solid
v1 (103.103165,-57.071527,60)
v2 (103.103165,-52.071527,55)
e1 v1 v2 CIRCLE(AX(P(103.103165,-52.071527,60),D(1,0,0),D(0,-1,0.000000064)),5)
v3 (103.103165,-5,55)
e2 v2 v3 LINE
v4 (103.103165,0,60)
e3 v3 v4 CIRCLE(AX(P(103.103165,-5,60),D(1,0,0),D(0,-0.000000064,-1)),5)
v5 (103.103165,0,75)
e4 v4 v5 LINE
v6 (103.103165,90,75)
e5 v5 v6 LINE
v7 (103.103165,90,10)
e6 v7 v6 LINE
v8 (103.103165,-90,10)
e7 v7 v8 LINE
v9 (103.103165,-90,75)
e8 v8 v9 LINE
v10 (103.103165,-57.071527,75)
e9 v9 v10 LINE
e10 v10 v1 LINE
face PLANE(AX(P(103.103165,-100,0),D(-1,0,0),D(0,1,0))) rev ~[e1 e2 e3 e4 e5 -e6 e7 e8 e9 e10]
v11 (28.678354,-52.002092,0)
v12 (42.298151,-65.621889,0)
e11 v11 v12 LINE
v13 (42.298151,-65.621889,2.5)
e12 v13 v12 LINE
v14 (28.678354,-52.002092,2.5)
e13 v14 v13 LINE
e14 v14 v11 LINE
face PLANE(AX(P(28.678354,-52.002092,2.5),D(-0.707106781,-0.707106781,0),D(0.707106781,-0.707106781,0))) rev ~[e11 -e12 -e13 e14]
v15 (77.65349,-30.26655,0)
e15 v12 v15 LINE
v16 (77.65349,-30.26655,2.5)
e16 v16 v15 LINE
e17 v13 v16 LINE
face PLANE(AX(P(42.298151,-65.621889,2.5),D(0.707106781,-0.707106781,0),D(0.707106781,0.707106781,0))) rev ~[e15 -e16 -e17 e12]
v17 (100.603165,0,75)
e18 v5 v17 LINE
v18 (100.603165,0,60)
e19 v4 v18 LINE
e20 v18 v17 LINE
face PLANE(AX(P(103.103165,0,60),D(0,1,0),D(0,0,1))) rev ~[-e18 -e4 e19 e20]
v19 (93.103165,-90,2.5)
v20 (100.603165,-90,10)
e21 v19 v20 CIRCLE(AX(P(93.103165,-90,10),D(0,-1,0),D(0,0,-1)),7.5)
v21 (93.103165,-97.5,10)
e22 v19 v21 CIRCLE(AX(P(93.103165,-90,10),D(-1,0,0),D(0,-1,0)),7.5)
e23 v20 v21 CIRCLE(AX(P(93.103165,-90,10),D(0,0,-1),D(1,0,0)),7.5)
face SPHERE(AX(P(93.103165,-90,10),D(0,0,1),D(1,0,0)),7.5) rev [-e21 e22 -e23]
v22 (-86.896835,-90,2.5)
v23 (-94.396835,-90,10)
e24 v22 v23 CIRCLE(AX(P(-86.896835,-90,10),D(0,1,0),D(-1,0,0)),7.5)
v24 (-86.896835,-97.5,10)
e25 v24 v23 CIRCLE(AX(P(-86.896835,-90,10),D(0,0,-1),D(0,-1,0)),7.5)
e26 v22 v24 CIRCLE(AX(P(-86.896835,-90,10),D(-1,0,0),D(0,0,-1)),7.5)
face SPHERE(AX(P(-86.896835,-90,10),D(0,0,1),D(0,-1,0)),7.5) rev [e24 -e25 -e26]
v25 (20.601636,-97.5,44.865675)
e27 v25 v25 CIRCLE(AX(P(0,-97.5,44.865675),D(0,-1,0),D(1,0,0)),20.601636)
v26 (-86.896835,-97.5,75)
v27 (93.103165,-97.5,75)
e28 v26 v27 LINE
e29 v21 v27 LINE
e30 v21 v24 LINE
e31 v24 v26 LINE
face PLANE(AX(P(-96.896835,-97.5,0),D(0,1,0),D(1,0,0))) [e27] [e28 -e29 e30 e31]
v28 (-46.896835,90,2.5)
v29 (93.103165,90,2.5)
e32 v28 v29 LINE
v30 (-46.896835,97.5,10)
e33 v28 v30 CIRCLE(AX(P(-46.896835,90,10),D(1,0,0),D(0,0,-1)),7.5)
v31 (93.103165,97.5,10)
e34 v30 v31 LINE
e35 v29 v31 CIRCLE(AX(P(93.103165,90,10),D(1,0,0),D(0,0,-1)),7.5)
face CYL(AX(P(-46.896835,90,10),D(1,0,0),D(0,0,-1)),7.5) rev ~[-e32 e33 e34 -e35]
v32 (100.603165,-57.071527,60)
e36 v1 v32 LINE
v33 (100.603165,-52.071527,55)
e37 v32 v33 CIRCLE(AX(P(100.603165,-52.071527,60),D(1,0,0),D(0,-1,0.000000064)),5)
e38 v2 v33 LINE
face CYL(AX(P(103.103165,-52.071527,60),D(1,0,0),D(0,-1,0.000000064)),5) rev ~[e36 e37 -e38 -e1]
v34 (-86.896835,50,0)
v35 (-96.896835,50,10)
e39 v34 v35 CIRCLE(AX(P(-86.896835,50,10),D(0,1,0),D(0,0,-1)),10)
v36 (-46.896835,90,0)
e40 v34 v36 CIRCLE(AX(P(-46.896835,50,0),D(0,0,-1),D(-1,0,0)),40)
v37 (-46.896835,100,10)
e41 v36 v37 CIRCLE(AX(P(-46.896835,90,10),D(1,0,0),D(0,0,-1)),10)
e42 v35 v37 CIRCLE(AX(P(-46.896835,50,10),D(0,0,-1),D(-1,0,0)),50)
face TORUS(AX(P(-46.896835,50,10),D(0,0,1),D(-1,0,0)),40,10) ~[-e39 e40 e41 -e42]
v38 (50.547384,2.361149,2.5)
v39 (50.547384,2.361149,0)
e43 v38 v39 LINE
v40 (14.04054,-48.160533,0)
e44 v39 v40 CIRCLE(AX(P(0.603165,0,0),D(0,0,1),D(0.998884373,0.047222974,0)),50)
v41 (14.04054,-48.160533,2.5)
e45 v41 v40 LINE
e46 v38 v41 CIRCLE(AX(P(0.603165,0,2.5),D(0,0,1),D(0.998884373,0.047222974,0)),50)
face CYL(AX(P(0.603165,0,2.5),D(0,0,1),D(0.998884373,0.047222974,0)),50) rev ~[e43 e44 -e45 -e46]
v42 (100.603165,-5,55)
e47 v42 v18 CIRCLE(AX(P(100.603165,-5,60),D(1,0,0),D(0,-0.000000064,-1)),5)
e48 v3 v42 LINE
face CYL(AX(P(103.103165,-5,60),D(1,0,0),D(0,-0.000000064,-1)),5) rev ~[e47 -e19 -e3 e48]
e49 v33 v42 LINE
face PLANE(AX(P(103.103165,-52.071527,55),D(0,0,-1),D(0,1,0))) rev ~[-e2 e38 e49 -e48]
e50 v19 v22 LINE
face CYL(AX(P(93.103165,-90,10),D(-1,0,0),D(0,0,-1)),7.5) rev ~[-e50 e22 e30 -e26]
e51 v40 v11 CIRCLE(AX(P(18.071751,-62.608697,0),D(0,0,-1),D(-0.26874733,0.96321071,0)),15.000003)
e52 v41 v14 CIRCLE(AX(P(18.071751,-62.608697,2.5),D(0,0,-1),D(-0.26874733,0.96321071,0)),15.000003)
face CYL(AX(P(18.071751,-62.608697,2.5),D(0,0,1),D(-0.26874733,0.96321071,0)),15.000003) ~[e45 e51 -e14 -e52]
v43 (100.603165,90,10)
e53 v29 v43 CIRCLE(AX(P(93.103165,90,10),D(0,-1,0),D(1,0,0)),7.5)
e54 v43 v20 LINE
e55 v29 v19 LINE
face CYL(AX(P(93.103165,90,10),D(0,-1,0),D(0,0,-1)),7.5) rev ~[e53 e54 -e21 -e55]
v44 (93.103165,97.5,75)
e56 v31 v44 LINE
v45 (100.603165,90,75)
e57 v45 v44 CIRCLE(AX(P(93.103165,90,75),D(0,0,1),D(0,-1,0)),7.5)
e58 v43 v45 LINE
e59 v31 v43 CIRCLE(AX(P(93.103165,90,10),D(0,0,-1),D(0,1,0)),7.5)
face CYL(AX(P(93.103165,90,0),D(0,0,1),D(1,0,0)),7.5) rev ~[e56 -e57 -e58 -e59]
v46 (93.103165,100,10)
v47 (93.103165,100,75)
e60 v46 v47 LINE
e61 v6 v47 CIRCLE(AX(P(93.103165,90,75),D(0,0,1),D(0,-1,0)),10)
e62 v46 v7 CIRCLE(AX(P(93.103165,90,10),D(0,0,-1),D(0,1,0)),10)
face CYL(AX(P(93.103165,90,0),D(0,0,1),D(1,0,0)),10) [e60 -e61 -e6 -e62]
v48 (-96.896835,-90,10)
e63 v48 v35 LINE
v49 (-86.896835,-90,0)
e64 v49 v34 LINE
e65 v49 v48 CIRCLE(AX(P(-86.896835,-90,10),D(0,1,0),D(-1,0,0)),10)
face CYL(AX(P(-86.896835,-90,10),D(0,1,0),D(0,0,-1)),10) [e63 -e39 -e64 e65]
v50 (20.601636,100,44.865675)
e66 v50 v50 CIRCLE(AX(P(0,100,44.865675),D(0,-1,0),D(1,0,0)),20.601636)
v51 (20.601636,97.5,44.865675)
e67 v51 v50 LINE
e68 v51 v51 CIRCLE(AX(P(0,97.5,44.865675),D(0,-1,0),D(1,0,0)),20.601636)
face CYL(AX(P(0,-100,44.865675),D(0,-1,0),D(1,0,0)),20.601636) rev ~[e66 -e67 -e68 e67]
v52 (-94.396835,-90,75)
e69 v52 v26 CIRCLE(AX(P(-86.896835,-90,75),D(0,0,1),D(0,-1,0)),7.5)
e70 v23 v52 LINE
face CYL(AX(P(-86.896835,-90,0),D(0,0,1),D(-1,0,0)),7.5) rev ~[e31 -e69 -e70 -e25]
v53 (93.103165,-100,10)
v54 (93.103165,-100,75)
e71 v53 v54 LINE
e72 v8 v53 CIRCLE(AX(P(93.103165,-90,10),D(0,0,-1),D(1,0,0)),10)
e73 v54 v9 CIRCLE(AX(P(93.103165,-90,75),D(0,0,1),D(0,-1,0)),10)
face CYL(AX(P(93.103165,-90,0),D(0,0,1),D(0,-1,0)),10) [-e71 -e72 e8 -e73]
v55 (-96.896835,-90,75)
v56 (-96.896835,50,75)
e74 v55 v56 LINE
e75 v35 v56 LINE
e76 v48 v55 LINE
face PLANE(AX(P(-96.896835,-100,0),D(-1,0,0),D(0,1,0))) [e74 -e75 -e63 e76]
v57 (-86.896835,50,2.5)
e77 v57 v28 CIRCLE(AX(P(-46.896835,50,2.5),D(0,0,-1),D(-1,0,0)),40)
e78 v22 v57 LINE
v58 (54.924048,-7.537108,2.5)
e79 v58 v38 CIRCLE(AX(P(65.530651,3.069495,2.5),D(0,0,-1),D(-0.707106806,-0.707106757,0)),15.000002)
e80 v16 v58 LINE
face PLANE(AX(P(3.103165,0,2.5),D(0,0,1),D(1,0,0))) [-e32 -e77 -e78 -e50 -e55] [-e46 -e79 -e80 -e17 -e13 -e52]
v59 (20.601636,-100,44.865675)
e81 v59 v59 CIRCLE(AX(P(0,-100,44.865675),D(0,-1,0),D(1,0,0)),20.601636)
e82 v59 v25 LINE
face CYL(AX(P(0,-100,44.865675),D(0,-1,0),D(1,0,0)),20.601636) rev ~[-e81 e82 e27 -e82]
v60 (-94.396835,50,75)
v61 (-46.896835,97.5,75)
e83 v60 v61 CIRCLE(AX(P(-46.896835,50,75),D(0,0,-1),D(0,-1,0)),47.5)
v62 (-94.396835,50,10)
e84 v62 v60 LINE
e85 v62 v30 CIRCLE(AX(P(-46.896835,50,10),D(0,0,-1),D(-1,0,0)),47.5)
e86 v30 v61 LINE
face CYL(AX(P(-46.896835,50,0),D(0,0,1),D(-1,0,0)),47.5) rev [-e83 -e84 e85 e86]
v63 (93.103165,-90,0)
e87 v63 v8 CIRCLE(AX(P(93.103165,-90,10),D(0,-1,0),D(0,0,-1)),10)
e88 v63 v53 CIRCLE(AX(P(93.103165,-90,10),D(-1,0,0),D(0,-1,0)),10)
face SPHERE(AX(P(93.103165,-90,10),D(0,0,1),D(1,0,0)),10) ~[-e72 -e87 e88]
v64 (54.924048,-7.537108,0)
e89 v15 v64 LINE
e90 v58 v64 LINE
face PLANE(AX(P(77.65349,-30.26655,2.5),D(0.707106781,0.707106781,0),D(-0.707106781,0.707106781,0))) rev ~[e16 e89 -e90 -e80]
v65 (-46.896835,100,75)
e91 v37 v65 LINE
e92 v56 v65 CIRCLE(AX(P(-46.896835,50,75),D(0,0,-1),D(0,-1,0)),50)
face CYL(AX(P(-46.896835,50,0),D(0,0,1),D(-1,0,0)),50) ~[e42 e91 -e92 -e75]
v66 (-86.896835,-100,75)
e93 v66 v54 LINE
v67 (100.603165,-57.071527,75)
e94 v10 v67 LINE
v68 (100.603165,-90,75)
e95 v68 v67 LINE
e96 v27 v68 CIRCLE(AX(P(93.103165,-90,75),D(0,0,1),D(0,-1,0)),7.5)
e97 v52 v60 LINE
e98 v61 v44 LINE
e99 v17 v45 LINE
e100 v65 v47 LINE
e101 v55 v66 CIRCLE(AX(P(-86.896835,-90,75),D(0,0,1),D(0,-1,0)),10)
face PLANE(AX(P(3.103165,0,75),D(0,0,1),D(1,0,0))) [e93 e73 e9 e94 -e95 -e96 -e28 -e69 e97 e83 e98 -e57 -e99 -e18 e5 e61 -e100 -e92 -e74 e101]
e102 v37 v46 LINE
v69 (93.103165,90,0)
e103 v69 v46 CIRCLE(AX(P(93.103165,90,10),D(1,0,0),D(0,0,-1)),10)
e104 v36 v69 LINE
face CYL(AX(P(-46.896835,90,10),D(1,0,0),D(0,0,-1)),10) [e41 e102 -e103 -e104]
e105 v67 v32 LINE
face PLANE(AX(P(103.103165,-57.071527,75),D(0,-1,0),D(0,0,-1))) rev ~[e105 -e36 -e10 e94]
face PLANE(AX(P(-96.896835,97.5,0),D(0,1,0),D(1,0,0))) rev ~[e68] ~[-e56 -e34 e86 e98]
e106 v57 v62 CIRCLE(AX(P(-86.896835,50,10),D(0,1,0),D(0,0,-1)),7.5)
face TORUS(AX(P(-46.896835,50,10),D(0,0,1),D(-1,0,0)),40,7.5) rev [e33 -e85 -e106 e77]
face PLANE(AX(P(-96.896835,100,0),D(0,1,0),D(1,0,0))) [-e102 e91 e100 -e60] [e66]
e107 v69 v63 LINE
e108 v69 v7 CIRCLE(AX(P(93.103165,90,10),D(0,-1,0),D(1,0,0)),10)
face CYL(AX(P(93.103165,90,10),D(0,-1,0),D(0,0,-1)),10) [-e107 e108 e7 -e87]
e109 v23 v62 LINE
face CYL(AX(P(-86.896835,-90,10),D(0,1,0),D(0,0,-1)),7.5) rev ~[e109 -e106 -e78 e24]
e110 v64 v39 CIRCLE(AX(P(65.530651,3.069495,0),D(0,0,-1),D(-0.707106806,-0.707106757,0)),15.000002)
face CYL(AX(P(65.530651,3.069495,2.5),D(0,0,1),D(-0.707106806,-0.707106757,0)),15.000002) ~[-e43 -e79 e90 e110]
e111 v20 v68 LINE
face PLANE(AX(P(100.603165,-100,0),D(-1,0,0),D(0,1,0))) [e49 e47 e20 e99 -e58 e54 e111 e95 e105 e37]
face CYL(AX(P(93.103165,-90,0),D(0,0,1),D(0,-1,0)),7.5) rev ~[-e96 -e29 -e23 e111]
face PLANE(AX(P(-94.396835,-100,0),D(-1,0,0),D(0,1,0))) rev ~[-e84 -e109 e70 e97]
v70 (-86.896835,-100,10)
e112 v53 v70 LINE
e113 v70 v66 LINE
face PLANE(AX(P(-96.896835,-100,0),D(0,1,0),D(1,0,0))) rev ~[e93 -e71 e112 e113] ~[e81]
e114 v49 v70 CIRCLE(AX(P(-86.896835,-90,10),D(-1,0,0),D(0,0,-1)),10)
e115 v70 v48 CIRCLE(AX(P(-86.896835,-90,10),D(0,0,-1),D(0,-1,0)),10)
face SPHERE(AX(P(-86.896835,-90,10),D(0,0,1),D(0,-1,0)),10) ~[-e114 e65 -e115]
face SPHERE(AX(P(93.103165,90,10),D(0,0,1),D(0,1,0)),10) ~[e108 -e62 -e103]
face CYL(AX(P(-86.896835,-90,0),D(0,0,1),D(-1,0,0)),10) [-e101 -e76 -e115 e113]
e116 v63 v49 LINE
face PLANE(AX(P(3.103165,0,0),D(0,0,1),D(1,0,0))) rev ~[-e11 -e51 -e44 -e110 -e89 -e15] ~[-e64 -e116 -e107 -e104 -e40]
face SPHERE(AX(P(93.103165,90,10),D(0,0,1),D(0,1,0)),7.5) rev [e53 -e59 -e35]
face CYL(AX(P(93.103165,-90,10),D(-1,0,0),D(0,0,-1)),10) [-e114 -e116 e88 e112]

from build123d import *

# Parameters (mm, degrees)
F0_W      = 200
F0_H      = 200
F1_DEPTH  = 75
F2_R      = 10
F3_R      = 50
F4_R      = 10
F5_T      = -2.5
F6_R      = 20.601636
F7_DEPTH  = 200.001
F9_DEPTH  = 2.5
F11_DEPTH = 2.5


with BuildPart() as f1:
    # F0 (on Top) → F1 (new body)
    with BuildSketch(Plane.XY):
        with Locations((3.103165, 0)):
            Rectangle(F0_W, F0_H)
    extrude(amount=F1_DEPTH)

    # F2
    f2_edges = [f1.edges().sort_by_distance(p)[0] for p in [
        (-96.896835, -100, 37.5),
        (103.103165, -100, 37.5),
        (103.103165, 100, 37.5),
    ]]
    fillet(f2_edges, radius=F2_R)

    # F3
    f3_edges = [f1.edges().sort_by_distance(p)[0] for p in [
        (-96.896835, 100, 37.5),
    ]]
    fillet(f3_edges, radius=F3_R)

    # F4
    f4_edges = [f1.edges().sort_by_distance(p)[0] for p in [
        (23.103165, 100, 0),
    ]]
    fillet(f4_edges, radius=F4_R)

    # F5
    f5_openings = [f1.faces().sort_by_distance(p)[0] for p in [
        (4.259549, -1.156383, 75),
    ]]
    offset(amount=F5_T, openings=f5_openings)

    # F6 (on face) → F7 (cut, through all)
    with BuildSketch(Plane.XZ.offset(100)):
        with Locations((0, 44.865675)):
            Circle(F6_R)
    extrude(amount=-F7_DEPTH, mode=Mode.SUBTRACT)

    # F8 (on face) → F9 (cut, through all)
    with BuildSketch(Plane.XY.offset(2.5)):
        with BuildLine():
            ThreePointArc((54.924048, -7.537108), (51.811896, -2.99646), (50.547384, 2.361149))
            ThreePointArc((50.547384, 2.361149), (-39.923575, 29.284524), (14.04054, -48.160533))
            ThreePointArc((14.04054, -48.160533), (21.879419, -48.100018), (28.678354, -52.002092))
            Line((28.678354, -52.002092), (42.298151, -65.621889))
            Line((42.298151, -65.621889), (77.65349, -30.26655))
            Line((77.65349, -30.26655), (54.924048, -7.537108))
        make_face()
    extrude(amount=-F9_DEPTH, mode=Mode.SUBTRACT)

    # F10 (on face) → F11 (cut, through all)
    with BuildSketch(Plane.YZ.offset(103.103165)):
        with BuildLine():
            ThreePointArc((-57.071527, 60), (-55.607061, 56.464466), (-52.071527, 55))
            Line((-52.071527, 55), (-5, 55))
            ThreePointArc((-5, 55), (-1.464466, 56.464466), (0, 60))
            Line((0, 60), (0, 75))
            Line((0, 75), (-57.071527, 75))
            Line((-57.071527, 75), (-57.071527, 60))
        make_face()
    extrude(amount=-F11_DEPTH, mode=Mode.SUBTRACT)


solid = f1.part
